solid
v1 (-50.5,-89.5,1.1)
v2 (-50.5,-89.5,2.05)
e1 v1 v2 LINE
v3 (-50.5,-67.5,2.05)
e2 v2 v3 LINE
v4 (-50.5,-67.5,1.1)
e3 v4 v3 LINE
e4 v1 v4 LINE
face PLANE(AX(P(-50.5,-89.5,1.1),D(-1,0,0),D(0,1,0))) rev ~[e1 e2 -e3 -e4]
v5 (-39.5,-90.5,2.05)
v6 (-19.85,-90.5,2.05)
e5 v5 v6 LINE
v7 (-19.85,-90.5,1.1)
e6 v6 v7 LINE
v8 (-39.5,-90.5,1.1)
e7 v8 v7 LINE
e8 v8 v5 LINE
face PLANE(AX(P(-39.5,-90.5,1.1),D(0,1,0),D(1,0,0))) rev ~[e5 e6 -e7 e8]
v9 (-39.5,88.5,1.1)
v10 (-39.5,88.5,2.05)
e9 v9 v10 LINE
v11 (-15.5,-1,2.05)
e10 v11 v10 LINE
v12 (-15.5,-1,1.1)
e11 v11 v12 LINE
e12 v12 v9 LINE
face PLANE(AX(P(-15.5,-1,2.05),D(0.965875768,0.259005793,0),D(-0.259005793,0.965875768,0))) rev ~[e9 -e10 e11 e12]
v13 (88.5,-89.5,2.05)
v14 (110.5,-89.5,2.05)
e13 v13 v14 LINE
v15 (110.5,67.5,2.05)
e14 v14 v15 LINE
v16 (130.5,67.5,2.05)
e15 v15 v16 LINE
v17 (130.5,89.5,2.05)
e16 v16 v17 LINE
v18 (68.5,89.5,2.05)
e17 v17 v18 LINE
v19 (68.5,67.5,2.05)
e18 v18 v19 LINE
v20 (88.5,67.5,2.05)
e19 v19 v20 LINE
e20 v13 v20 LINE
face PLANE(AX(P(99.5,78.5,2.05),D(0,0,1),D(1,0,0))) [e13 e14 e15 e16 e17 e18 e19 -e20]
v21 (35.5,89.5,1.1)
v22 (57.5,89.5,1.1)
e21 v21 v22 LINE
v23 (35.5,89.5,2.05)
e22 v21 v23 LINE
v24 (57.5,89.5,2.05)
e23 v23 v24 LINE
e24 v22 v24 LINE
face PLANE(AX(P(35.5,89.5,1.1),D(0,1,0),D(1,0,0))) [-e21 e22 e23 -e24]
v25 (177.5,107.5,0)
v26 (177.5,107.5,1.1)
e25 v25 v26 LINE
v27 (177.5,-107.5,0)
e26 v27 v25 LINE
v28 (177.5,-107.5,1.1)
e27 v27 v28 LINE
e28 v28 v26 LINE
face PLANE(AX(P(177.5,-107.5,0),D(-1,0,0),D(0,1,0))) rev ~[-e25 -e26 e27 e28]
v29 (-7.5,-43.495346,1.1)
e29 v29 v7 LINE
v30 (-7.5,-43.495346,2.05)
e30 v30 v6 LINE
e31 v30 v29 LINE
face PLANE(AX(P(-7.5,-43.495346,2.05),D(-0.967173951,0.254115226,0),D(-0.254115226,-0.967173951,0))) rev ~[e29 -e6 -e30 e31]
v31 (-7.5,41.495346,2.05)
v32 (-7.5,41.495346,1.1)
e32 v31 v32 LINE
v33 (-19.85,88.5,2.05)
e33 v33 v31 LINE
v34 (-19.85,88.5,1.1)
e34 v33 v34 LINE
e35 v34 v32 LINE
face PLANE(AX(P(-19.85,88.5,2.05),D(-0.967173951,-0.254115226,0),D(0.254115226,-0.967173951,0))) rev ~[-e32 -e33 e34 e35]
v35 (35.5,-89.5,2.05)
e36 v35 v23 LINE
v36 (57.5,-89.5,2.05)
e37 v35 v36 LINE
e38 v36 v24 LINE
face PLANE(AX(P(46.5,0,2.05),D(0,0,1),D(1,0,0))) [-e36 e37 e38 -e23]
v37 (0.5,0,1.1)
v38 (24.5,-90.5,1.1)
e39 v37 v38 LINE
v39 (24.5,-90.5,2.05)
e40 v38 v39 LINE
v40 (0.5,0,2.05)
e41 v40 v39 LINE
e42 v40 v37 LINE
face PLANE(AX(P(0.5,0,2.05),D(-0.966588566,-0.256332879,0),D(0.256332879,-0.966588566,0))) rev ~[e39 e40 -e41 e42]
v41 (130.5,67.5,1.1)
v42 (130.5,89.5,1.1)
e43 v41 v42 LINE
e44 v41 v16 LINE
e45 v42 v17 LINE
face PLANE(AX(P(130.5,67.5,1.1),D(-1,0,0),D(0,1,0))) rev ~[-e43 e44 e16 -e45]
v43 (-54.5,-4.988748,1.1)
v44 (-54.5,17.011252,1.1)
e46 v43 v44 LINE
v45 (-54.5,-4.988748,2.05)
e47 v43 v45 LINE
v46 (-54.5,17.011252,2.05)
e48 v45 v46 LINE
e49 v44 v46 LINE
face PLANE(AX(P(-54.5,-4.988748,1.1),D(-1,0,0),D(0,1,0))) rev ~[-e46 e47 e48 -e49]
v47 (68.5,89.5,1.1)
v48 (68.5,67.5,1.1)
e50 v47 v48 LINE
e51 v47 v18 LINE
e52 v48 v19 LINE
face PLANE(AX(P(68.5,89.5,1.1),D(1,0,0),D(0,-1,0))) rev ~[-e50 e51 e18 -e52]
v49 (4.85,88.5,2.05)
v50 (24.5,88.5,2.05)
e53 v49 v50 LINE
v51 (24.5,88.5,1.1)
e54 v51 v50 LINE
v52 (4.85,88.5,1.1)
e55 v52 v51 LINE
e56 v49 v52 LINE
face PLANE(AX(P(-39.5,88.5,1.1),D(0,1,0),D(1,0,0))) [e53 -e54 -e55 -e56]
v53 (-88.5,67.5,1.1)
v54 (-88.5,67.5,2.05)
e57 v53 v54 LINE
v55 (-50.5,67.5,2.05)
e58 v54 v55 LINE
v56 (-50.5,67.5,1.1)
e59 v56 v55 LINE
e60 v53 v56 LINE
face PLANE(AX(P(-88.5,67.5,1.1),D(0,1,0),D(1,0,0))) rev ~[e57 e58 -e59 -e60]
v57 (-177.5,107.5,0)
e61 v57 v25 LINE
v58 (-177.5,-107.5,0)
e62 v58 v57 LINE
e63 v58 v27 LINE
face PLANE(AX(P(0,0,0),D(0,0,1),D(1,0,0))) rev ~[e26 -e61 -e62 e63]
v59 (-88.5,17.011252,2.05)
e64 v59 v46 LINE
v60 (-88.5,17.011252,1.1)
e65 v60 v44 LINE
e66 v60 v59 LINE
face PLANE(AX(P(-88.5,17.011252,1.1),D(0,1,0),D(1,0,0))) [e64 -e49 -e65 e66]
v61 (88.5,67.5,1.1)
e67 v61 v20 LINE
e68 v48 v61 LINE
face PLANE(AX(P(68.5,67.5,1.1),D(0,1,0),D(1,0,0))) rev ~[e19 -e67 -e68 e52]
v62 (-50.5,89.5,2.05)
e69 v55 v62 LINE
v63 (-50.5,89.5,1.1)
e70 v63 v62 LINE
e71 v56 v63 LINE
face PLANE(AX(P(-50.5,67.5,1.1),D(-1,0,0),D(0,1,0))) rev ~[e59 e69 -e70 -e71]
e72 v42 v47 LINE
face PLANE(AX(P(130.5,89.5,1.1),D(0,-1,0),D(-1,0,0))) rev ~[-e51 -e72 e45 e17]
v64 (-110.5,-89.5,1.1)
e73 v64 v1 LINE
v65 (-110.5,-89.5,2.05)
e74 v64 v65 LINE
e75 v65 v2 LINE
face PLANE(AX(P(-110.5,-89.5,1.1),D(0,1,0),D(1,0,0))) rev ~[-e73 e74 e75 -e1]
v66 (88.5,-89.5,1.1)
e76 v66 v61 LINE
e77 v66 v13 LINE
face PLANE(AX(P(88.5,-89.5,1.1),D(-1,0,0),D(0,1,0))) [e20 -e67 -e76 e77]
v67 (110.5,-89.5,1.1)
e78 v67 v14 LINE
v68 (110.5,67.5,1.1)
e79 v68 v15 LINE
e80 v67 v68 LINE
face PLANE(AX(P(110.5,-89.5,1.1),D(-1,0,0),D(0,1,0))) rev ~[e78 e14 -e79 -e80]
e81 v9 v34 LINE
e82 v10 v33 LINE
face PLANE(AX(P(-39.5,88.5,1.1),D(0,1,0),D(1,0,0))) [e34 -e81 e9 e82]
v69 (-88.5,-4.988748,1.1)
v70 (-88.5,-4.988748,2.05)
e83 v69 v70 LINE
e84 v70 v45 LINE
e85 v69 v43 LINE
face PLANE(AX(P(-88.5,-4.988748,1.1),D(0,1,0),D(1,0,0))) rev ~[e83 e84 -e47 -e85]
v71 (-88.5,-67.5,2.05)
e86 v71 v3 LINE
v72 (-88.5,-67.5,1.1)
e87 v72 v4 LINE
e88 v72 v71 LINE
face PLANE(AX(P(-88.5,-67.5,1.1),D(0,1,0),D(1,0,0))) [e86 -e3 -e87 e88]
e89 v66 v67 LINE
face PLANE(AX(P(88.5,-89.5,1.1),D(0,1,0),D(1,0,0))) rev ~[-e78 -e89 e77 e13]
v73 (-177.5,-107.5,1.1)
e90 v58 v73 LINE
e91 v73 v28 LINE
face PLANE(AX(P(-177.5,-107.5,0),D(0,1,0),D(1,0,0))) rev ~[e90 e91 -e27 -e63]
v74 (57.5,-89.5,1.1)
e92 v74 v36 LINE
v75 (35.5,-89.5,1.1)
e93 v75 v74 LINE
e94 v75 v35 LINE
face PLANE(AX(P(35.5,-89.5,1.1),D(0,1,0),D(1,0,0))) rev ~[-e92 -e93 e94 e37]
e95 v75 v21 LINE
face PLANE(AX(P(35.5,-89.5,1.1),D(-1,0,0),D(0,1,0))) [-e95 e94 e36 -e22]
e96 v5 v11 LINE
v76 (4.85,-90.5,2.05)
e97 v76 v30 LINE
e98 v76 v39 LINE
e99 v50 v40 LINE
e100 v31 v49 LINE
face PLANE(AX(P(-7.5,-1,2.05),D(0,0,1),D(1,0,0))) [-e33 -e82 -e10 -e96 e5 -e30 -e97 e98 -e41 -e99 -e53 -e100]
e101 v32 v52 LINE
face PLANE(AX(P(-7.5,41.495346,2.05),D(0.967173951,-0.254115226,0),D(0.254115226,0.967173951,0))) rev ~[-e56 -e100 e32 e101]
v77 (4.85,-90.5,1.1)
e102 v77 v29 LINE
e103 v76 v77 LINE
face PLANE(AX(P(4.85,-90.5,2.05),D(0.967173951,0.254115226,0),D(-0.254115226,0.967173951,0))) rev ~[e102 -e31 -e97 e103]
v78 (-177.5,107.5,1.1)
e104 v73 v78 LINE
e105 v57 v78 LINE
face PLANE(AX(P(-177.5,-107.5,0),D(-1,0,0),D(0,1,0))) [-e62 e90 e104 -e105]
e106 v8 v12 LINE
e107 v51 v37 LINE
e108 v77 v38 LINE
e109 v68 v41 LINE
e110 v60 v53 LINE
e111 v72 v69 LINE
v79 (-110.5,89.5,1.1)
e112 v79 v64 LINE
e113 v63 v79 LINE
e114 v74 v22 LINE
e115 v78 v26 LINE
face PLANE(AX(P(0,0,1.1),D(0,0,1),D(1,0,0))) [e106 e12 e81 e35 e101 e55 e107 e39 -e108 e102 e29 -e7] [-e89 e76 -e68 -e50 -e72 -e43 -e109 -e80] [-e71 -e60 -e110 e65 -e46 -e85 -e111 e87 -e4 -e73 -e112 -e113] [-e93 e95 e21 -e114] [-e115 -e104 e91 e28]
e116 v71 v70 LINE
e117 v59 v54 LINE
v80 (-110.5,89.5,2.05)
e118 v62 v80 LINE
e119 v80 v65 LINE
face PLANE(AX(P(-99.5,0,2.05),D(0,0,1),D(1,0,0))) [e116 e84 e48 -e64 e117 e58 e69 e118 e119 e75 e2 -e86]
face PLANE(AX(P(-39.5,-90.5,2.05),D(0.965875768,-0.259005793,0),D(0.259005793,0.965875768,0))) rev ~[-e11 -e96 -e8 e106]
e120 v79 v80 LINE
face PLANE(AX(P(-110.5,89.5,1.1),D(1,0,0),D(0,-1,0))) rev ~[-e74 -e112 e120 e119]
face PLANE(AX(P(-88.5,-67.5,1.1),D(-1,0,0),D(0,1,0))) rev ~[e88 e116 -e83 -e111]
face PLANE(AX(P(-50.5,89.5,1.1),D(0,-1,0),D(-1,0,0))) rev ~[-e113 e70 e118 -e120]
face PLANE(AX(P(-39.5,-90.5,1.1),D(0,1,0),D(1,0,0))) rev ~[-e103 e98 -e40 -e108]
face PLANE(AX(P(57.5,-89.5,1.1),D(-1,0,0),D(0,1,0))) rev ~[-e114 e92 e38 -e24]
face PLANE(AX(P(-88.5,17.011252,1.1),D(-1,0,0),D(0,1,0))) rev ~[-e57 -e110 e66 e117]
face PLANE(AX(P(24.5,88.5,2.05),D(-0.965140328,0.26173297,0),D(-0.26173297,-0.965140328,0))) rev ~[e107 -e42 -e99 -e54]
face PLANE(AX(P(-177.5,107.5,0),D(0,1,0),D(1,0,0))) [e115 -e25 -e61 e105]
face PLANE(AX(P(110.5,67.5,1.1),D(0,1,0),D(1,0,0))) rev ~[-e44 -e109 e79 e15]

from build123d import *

# Parameters (mm, degrees)
F0_W      = 355
F0_H      = 215
F1_DEPTH  = 1.1
F2_W      = 38
F2_H      = 22
F2_W_2    = 34
F3_DEPTH  = 0.95
F4_W      = 22
F4_H      = 157
F5_DEPTH  = 0.95
F6_W      = 22
F6_H      = 179
F7_DEPTH  = 0.95
F8_W      = 64
F8_H      = 179
F9_DEPTH  = 0.95
F11_DEPTH = 0.95
F13_DEPTH = 0.95
F15_DEPTH = 0.95
F17_DEPTH = 0.95


with BuildPart() as f1:
    # F0 (on Top) → F1 (new body)
    with BuildSketch(Plane.XY):
        Rectangle(F0_W, F0_H)
    extrude(amount=F1_DEPTH)

    # F2 (on face) → F3 (join)
    with BuildSketch(Plane.XY.offset(1.1)):
        Polygon((-88.5, 89.5), (-110.5, 89.5), (-110.5, -89.5), (-88.5, -89.5), (-88.5, -67.5), (-88.5, -4.988748), (-88.5, 17.011252), (-88.5, 67.5), align=None)
        with Locations((-69.5, 78.5)):
            Rectangle(F2_W, F2_H)
        with Locations((-69.5, -78.5)):
            Rectangle(F2_W, F2_H)
        with Locations((-71.5, 6.011252)):
            Rectangle(F2_W_2, F2_H)
    extrude(amount=F3_DEPTH)

    # F4 (on face) → F5 (join)
    with BuildSketch(Plane.XY.offset(1.1)):
        Polygon((130.5, 89.5), (68.5, 89.5), (68.5, 67.5), (88.5, 67.5), (110.5, 67.5), (130.5, 67.5), align=None)
        with Locations((99.5, -11)):
            Rectangle(F4_W, F4_H)
    extrude(amount=F5_DEPTH)

    # F6 (on face) → F7 (join)
    with BuildSketch(Plane.XY.offset(1.1)):
        with Locations((46.5, 0)):
            Rectangle(F6_W, F6_H)
    extrude(amount=F7_DEPTH)

    # F8 (on face) → F9 (join)
    with BuildSketch(Plane.XY.offset(1.1)):
        with Locations((-7.5, -1)):
            Rectangle(F8_W, F8_H)
    extrude(amount=F9_DEPTH)

    # F10 (on face) → F11 (cut)
    with BuildSketch(Plane.XY.offset(2.05)):
        Polygon((-15.5, -1), (-39.5, 88.5), (-39.5, -90.5), align=None)
    extrude(amount=-F11_DEPTH, mode=Mode.SUBTRACT)

    # F12 (on face) → F13 (cut)
    with BuildSketch(Plane.XY.offset(2.05)):
        Polygon((24.5, -90.5), (24.5, 88.5), (0.5, 0), align=None)
    extrude(amount=-F13_DEPTH, mode=Mode.SUBTRACT)

    # F14 (on face) → F15 (cut)
    with BuildSketch(Plane.XY.offset(2.05)):
        Polygon((-7.5, -43.495346), (-19.85, -90.5), (4.85, -90.5), align=None)
    extrude(amount=-F15_DEPTH, mode=Mode.SUBTRACT)

    # F16 (on face) → F17 (cut)
    with BuildSketch(Plane.XY.offset(2.05)):
        Polygon((4.85, 88.5), (-19.85, 88.5), (-7.5, 41.495346), align=None)
    extrude(amount=-F17_DEPTH, mode=Mode.SUBTRACT)


solid = f1.part
